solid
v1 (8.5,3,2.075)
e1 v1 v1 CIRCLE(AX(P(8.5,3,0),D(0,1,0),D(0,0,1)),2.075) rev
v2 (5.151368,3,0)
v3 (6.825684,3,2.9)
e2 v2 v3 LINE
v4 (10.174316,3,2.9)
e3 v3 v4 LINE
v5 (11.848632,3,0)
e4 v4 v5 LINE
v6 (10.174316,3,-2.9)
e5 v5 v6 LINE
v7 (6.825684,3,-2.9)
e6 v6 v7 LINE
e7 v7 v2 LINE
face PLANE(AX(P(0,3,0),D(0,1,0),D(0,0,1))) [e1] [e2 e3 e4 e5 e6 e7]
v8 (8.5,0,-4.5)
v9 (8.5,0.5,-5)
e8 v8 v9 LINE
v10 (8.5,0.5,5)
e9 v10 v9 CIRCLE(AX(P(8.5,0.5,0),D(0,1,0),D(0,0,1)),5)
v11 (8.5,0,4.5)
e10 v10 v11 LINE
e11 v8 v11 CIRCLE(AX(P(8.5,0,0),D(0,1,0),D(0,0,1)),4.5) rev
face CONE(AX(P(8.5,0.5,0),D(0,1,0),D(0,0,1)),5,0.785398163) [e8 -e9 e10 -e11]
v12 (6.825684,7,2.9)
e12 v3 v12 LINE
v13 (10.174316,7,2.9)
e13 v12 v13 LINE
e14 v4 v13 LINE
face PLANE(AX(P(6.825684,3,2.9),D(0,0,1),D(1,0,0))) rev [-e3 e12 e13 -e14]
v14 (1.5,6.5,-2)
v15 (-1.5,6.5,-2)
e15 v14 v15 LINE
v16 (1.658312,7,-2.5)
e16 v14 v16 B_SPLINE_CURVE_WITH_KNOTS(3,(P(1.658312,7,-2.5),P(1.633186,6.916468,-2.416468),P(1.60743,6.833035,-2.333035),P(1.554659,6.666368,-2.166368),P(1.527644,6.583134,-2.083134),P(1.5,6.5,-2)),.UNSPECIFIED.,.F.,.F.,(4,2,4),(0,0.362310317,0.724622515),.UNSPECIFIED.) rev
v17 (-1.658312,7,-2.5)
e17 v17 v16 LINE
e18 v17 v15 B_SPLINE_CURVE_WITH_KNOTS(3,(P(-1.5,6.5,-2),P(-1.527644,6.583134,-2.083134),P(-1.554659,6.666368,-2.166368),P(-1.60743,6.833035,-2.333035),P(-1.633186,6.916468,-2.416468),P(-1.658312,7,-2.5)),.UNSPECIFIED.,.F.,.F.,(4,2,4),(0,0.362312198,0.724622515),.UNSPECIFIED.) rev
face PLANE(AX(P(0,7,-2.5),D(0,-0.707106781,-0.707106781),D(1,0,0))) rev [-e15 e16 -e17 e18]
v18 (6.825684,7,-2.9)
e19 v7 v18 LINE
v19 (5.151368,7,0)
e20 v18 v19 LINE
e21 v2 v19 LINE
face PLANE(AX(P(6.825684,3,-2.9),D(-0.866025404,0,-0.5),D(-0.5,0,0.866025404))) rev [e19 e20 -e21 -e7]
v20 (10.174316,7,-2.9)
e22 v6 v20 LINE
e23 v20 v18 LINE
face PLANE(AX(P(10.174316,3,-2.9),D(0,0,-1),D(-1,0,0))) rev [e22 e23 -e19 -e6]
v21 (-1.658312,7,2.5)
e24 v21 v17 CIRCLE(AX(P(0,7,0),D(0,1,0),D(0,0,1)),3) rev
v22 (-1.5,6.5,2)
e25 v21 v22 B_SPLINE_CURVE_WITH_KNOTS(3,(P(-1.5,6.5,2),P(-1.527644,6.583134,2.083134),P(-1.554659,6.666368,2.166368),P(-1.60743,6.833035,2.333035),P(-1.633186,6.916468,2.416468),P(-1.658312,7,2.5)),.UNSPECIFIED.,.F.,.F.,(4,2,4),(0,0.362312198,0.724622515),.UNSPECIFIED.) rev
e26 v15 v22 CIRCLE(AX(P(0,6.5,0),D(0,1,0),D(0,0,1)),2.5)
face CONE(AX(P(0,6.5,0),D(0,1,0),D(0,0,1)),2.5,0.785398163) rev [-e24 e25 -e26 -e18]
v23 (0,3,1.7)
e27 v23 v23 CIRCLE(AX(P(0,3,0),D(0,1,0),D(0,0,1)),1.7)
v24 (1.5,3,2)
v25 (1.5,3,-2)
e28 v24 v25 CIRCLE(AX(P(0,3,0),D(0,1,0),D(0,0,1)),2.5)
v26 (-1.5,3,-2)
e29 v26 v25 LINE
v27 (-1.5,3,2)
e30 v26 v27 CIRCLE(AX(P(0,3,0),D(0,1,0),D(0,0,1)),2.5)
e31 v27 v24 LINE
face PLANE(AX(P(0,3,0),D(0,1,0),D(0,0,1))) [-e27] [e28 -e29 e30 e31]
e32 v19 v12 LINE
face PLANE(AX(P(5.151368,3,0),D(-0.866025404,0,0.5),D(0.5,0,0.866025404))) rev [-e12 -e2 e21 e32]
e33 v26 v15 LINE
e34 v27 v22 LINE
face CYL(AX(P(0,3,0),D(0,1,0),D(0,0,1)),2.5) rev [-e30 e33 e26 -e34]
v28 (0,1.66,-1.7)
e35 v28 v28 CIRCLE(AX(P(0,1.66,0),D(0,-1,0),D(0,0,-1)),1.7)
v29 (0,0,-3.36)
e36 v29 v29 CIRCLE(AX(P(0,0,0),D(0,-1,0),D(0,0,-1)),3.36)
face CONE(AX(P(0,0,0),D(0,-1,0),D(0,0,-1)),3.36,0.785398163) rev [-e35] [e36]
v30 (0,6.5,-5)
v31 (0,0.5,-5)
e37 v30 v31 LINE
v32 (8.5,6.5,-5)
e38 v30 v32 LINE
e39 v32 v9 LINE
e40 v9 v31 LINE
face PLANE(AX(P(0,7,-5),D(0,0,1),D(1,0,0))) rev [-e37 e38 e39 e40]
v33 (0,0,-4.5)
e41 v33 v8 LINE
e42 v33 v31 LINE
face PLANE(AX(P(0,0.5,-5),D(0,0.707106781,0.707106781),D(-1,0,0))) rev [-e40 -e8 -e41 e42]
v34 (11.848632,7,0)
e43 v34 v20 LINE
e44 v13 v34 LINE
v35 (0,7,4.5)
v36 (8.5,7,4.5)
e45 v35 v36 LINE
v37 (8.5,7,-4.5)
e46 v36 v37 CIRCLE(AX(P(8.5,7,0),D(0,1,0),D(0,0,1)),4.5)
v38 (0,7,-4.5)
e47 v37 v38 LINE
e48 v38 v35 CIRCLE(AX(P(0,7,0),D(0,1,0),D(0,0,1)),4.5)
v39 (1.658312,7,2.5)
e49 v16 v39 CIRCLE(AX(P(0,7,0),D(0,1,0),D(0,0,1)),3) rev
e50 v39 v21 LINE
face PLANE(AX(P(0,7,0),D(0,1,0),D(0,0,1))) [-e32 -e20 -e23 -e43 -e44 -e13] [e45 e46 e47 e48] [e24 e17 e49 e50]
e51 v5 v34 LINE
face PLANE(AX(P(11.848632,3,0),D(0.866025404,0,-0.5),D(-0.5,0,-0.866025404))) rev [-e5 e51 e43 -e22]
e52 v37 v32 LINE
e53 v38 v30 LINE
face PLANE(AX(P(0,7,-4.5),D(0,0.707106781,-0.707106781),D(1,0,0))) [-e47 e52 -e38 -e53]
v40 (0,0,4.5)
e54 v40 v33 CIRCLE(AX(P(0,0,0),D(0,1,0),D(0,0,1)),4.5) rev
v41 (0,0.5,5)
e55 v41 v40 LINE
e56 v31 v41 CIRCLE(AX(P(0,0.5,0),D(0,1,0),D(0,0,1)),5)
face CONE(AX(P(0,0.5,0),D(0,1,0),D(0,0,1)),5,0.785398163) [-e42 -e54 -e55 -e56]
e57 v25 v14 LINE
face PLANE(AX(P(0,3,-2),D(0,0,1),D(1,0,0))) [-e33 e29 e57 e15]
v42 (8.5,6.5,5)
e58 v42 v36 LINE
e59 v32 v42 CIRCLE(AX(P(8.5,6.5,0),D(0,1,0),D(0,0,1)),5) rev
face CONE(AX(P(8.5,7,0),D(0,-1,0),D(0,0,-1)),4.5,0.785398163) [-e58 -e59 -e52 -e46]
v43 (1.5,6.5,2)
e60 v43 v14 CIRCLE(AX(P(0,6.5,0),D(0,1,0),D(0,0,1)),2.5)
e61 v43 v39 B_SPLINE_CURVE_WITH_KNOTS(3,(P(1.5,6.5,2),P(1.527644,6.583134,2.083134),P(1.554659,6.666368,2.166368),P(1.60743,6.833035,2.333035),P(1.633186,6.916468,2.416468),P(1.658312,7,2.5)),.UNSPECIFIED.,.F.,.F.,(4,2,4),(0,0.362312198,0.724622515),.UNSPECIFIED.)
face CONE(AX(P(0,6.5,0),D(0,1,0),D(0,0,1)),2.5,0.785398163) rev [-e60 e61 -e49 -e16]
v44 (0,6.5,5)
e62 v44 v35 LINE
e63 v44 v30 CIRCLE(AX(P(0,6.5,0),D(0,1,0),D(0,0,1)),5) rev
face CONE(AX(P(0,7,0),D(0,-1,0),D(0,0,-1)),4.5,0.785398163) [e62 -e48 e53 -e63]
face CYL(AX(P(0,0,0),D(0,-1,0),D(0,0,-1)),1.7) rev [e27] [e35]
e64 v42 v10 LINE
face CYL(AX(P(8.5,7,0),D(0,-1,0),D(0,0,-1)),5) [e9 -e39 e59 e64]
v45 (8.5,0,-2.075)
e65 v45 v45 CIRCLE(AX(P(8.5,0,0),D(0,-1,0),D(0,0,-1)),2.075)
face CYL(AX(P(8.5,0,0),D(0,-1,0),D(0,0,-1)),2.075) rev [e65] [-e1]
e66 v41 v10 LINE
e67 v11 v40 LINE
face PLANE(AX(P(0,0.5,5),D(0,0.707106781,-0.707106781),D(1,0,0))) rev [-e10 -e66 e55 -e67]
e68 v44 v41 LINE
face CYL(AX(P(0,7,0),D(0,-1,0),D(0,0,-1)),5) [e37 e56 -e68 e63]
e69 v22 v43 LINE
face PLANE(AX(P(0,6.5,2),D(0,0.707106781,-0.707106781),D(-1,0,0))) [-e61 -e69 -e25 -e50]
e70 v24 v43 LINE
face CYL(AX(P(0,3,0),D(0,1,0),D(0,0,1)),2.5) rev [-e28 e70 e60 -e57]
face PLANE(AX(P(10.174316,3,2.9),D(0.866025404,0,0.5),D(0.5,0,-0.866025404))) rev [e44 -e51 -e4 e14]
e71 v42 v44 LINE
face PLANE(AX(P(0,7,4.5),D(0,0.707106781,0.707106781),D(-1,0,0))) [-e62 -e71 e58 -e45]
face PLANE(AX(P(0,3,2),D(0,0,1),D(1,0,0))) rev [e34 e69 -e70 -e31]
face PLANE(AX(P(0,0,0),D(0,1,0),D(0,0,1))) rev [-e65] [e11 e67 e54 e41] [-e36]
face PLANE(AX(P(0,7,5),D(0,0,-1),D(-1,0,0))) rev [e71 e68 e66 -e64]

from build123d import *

# Parameters (mm, degrees)
BOSS_EXTRUDE1_DEPTH                                  = 7
CUT_EXTRUDE1_DEPTH                                   = 4
CSK_FOR_M3_HEX_SOCKET_COUNTERSUNK_CAP_SC_D           = 3.4
CSK_FOR_M3_HEX_SOCKET_COUNTERSUNK_CAP_SC_DEPTH       = 7.5
CSK_FOR_M3_HEX_SOCKET_COUNTERSUNK_CAP_SC_CSINK_D     = 6.72
CSK_FOR_M3_HEX_SOCKET_COUNTERSUNK_CAP_SC_CSINK_ANGLE = 90
CSK_FOR_M3_HEX_SOCKET_COUNTERSUNK_CAP_SC_TIP         = 1.021463052
HOLE1_D                                              = 4.15
CUT_EXTRUDE2_DEPTH                                   = 4
CHAMFER1_SIZE                                        = 0.5


with BuildPart() as part:
    # Sketch1 → Boss-Extrude1 (new body)
    with BuildSketch(Plane(origin=(0, 0, 0), x_dir=(1, 0, 0), z_dir=(0, 1, 0))):
        with BuildLine():
            Line((0, 5), (8.5, 5))
            ThreePointArc((8.5, 5), (13.5, 0), (8.5, -5))
            Line((8.5, -5), (0, -5))
            ThreePointArc((0, -5), (-5, 0), (0, 5))
        make_face()
    extrude(amount=BOSS_EXTRUDE1_DEPTH)

    # Sketch2 → Cut-Extrude1 (cut)
    with BuildSketch(Plane(origin=(0, 7, 0), x_dir=(1, 0, 0), z_dir=(0, 1, 0))):
        with BuildLine():
            ThreePointArc((-1.5, 2), (-2.5, 0), (-1.5, -2))
            Line((-1.5, -2), (1.5, -2))
            ThreePointArc((1.5, -2), (2.236067977, -1.118033989), (2.5, 0))
            ThreePointArc((2.5, 0), (2.236067977, 1.118033989), (1.5, 2))
            Line((1.5, 2), (-1.5, 2))
        make_face()
    extrude(amount=-CUT_EXTRUDE1_DEPTH, mode=Mode.SUBTRACT)

    # CSK for M3 Hex Socket Countersunk Cap Screw2
    with Locations(Plane(origin=(0, 0, 0), x_dir=(-1, 0, 0), z_dir=(0, -1, 0))):
        with Locations((0, 0)):
            CounterSinkHole(CSK_FOR_M3_HEX_SOCKET_COUNTERSUNK_CAP_SC_D / 2, CSK_FOR_M3_HEX_SOCKET_COUNTERSUNK_CAP_SC_CSINK_D / 2, depth=CSK_FOR_M3_HEX_SOCKET_COUNTERSUNK_CAP_SC_DEPTH, counter_sink_angle=CSK_FOR_M3_HEX_SOCKET_COUNTERSUNK_CAP_SC_CSINK_ANGLE)
            with Locations((0, 0, -(CSK_FOR_M3_HEX_SOCKET_COUNTERSUNK_CAP_SC_DEPTH + CSK_FOR_M3_HEX_SOCKET_COUNTERSUNK_CAP_SC_TIP / 2))):  # 118° drill point
                Cone(0, CSK_FOR_M3_HEX_SOCKET_COUNTERSUNK_CAP_SC_D / 2, CSK_FOR_M3_HEX_SOCKET_COUNTERSUNK_CAP_SC_TIP, mode=Mode.SUBTRACT)

    # Hole1 (through all)
    with Locations(Plane(origin=(0, 0, 0), x_dir=(-1, 0, 0), z_dir=(0, -1, 0))):
        with Locations((-8.5, 0)):
            Hole(HOLE1_D / 2)

    # Sketch11 → Cut-Extrude2 (cut)
    with BuildSketch(Plane(origin=(0, 7, 0), x_dir=(1, 0, 0), z_dir=(0, 1, 0))):
        Polygon((11.848631561, 0), (10.174315781, 2.9), (6.825684219, 2.9), (5.151368439, 0), (6.825684219, -2.9), (10.174315781, -2.9), align=None)
    extrude(amount=-CUT_EXTRUDE2_DEPTH, mode=Mode.SUBTRACT)

    # Chamfer1
    chamfer1_edges = [part.edges().sort_by_distance(p)[0] for p in [
        (13.5, 7, 0),
        (0, 7, -2),
        (4.25, 7, -5),
        (-2.5, 7, 0),
        (0, 7, 2),
        (2.5, 7, 0),
        (-5, 7, 0),
        (4.25, 0, -5),
        (13.5, 0, 0),
        (4.25, 0, 5),
        (-5, 0, 0),
        (4.25, 7, 5),
    ]]
    chamfer(chamfer1_edges, length=CHAMFER1_SIZE)


solid = part.part
